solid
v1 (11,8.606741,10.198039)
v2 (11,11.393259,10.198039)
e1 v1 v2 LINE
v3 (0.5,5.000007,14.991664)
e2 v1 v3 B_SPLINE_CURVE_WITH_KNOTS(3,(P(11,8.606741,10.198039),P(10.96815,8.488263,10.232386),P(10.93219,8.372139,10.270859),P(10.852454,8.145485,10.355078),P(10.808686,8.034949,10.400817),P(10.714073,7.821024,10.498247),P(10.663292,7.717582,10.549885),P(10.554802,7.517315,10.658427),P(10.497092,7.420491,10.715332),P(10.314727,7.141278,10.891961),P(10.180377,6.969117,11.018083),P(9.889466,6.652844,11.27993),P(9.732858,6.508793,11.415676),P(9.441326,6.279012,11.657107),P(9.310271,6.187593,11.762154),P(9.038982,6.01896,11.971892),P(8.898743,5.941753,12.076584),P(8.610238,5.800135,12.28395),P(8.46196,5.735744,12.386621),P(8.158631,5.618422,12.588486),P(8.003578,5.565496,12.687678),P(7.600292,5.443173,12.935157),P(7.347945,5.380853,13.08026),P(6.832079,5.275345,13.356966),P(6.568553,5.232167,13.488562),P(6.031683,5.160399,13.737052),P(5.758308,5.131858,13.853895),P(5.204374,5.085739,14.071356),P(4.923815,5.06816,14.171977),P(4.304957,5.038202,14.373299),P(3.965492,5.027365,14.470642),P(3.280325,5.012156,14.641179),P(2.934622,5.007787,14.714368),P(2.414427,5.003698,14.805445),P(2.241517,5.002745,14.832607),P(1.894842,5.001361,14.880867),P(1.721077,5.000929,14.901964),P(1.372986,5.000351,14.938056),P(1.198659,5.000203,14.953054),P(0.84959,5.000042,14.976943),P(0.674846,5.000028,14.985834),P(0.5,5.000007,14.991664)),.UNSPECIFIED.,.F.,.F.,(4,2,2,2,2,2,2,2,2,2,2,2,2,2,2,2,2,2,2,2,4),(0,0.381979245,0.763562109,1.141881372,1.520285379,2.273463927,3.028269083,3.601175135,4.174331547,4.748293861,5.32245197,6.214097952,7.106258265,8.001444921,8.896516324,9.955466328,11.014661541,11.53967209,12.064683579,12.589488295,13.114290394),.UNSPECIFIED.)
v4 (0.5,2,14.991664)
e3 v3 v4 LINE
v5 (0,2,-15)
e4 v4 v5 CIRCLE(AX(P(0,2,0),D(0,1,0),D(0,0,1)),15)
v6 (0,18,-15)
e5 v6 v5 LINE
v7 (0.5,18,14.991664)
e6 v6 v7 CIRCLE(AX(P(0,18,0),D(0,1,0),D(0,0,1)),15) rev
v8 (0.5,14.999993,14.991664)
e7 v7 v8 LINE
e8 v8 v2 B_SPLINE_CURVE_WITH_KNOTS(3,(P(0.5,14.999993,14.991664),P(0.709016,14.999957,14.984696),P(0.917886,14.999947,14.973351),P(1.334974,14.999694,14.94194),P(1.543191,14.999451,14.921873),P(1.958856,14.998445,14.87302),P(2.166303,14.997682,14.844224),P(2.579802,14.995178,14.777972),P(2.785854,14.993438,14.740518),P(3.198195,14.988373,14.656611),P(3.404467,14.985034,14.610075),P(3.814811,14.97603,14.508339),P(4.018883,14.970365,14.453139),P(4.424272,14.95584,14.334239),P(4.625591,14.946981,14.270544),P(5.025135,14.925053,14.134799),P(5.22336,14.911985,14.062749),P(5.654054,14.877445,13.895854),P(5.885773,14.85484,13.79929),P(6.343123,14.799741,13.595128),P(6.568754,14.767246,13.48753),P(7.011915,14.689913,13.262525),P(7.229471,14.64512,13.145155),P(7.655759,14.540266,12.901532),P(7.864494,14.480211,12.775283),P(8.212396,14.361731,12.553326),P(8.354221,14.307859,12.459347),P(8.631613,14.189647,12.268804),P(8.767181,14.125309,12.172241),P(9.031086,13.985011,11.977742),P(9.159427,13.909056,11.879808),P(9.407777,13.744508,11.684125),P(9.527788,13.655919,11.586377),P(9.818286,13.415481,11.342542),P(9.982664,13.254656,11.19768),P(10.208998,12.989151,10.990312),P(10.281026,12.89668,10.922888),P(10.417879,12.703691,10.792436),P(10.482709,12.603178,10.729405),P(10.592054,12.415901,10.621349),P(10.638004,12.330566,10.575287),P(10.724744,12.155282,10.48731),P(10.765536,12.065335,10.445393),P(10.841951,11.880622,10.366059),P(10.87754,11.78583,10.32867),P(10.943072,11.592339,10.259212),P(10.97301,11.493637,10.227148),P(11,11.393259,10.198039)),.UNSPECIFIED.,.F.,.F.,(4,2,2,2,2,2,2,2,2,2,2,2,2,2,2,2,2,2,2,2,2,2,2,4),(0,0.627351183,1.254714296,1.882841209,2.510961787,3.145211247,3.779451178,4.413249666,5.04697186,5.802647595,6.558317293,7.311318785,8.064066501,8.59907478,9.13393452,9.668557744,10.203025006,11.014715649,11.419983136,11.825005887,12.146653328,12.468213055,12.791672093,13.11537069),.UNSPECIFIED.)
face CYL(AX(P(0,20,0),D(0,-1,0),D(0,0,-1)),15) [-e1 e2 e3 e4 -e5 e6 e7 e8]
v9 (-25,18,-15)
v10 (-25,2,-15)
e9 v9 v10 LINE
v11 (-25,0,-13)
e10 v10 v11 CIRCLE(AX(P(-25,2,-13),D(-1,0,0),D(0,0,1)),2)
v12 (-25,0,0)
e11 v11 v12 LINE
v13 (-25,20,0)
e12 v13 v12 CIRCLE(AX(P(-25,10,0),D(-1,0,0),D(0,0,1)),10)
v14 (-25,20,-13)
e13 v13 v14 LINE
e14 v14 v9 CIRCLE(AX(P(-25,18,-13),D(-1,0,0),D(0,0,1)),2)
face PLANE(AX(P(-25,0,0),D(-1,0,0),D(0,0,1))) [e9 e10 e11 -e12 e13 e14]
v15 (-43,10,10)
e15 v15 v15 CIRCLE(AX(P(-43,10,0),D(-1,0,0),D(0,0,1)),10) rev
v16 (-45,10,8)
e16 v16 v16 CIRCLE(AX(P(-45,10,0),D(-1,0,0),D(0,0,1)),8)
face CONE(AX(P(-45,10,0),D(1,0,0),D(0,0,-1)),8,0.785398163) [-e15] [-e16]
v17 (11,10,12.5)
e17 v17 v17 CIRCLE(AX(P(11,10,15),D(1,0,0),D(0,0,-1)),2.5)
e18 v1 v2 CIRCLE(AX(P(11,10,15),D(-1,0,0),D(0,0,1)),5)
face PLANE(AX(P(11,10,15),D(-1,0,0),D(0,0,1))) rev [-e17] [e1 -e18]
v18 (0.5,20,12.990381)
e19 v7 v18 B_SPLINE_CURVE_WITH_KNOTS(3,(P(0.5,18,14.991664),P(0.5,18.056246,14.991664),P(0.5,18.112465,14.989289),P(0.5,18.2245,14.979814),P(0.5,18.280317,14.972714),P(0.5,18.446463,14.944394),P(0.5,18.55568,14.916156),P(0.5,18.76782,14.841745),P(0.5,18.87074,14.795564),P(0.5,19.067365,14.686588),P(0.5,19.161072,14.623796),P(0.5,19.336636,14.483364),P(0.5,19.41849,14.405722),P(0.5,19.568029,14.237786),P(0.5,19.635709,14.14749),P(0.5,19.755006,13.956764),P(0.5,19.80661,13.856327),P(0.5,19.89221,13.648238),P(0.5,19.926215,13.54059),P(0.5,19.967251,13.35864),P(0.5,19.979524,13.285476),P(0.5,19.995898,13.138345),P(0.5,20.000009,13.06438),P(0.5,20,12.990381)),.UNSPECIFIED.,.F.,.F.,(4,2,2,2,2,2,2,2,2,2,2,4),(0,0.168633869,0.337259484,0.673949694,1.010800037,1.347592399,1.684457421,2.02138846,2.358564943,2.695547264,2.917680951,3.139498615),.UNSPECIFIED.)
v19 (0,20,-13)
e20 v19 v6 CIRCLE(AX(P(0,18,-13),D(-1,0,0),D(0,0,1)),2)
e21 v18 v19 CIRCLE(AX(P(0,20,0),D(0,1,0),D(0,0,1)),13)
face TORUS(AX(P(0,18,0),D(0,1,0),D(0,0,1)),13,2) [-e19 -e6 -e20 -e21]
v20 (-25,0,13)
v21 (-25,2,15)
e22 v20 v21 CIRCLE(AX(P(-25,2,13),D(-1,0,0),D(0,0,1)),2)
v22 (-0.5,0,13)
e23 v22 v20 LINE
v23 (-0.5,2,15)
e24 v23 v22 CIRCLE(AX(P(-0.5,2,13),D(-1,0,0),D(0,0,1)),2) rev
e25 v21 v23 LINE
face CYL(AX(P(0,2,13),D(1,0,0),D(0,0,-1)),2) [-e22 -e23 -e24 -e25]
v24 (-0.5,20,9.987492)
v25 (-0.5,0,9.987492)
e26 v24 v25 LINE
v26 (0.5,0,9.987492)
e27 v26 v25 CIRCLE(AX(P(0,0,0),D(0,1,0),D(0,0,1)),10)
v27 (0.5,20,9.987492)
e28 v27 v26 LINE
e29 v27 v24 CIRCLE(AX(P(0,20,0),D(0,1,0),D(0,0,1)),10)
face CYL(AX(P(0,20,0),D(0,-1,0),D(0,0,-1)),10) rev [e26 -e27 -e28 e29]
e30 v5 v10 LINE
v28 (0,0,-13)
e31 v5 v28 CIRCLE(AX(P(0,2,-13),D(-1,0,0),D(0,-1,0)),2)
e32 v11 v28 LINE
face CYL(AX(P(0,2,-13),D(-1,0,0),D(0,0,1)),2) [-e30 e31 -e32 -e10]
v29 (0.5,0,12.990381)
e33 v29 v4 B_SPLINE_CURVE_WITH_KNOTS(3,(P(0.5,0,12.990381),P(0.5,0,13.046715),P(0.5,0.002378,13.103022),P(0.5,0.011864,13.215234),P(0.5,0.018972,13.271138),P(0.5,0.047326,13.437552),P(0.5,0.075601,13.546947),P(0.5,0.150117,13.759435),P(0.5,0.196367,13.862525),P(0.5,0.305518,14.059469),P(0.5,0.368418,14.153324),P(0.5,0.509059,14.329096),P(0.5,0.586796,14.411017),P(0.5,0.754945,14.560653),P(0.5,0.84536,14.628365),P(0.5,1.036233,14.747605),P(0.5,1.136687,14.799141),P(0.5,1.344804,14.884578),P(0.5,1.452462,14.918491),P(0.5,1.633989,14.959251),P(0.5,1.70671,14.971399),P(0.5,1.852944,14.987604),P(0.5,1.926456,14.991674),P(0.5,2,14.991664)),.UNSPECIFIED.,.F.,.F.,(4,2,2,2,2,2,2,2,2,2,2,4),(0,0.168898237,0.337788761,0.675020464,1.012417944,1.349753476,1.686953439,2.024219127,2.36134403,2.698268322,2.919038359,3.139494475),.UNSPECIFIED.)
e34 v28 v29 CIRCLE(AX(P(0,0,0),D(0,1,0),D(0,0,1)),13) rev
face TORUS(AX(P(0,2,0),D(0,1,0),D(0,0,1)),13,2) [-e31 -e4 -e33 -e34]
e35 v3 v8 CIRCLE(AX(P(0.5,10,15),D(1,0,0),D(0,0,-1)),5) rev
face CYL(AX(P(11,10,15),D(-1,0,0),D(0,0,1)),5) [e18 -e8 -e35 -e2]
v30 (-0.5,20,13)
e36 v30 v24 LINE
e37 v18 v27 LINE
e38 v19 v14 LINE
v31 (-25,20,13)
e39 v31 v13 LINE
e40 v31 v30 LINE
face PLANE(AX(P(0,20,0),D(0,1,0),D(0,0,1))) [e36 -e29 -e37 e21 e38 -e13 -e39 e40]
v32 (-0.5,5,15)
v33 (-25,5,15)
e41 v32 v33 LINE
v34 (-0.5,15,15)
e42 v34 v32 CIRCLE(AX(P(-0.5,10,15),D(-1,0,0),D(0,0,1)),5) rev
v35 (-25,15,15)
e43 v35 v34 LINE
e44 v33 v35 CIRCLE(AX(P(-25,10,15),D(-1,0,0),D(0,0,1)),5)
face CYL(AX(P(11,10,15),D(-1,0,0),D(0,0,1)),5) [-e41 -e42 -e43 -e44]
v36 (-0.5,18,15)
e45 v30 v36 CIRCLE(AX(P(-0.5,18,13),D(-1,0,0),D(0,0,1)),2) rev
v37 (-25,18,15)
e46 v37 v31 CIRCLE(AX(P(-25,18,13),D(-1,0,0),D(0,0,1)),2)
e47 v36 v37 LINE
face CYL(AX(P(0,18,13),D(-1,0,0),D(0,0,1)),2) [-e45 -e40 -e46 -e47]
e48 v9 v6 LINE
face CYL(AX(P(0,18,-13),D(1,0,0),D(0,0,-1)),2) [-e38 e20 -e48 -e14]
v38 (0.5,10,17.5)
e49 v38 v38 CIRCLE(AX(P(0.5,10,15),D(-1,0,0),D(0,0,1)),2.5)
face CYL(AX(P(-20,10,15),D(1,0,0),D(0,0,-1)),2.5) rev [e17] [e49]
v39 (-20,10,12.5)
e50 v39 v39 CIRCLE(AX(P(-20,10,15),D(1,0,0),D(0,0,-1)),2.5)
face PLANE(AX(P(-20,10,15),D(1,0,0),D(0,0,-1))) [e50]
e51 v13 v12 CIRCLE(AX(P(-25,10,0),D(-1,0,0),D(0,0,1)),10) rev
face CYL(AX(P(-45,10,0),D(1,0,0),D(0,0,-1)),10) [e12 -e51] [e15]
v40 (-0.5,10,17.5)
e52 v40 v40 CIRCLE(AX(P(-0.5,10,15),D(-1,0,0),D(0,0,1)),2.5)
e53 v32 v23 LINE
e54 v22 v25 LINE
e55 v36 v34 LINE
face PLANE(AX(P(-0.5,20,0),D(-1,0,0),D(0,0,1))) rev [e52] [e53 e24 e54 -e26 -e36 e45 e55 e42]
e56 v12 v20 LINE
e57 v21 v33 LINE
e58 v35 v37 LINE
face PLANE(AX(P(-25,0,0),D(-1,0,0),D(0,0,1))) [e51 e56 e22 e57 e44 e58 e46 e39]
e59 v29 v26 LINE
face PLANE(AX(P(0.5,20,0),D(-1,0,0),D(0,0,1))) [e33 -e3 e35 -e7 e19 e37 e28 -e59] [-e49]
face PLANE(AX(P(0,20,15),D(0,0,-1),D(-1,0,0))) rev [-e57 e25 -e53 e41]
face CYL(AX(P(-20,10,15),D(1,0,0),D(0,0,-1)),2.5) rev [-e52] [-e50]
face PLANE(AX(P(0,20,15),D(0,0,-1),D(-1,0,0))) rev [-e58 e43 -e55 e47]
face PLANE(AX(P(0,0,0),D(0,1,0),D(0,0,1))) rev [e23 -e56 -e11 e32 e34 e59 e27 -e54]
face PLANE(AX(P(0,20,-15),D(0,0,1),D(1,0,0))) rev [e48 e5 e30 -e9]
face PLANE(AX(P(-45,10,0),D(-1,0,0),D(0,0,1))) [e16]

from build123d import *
from build123d.topology import SkipClean

# Parameters (mm, degrees)
BOSS_EXTRUDE1_DEPTH = 20
SKETCH2_R           = 5
BOSS_EXTRUDE2_DEPTH = 41
CUT_EXTRUDE1_DEPTH  = 41
SKETCH4_R           = 2.5
CUT_EXTRUDE2_DEPTH  = 31
FILLET1_R           = 2
SKETCH5_R           = 10
BOSS_EXTRUDE3_DEPTH = 15
CUT_EXTRUDE3_DEPTH  = 5
CHAMFER1_SIZE       = 2


with BuildPart() as part:
    # Sketch1 → Boss-Extrude1 (new body)
    with BuildSketch(Plane(origin=(0, 0, 0), x_dir=(1, 0, 0), z_dir=(0, 1, 0))):
        with BuildLine():
            ThreePointArc((0.5, -14.991664351), (14.997915943, 0.250034739), (0, 15))
            Line((0, 15), (-30, 15))
            Line((-30, 15), (-30, -15))
            Line((-30, -15), (-0.5, -15))
            Line((-0.5, -15), (-0.5, -9.987492178))
            ThreePointArc((-0.5, -9.987492178), (0, 10), (0.5, -9.987492178))
            Line((0.5, -9.987492178), (0.5, -14.991664351))
        make_face()
    extrude(amount=BOSS_EXTRUDE1_DEPTH)

    # Sketch2 → Boss-Extrude2 (add)
    with BuildSketch(Plane.ZY.offset(30)):
        with Locations(Location((15, 10, 0), (0, 0, 270))):
            Circle(SKETCH2_R)
    extrude(amount=-BOSS_EXTRUDE2_DEPTH)

    # Sketch3 → Cut-Extrude1 (cut)
    with BuildSketch(Plane(origin=(0, 20, 0), x_dir=(1, 0, 0), z_dir=(0, 1, 0))):
        Polygon((-0.5, -15), (-0.5, -9.987492178), (0.5, -9.987492178), (0.5, -14.991664351), (0.5, -20), (-0.5, -20), align=None)
    extrude(amount=-CUT_EXTRUDE1_DEPTH, mode=Mode.SUBTRACT)

    # Sketch4 → Cut-Extrude2 (cut)
    with BuildSketch(Plane(origin=(11, 0, 0), x_dir=(0, 0, -1), z_dir=(1, 0, 0))):
        with Locations((-15, 10)):
            Circle(SKETCH4_R)
    extrude(amount=-CUT_EXTRUDE2_DEPTH, mode=Mode.SUBTRACT)

    # Fillet1
    fillet1_edges = [part.edges().sort_by_distance(p)[0] for p in [
        (-15, 0, -15),
        (14.997915943, 0, -0.250034739),
        (-15, 20, -15),
        (-15.25, 20, 15),
        (14.997915943, 20, -0.250034739),
        (-15.25, 0, 15),
    ]]
    fillet(fillet1_edges, radius=FILLET1_R)

    # Sketch5 → Boss-Extrude3 (add)
    with BuildSketch(Plane.ZY.offset(30)):
        with Locations(Location((0, 10, 0), (0, 0, 270))):
            Circle(SKETCH5_R)
    extrude(amount=BOSS_EXTRUDE3_DEPTH)

    # Sketch6 → Cut-Extrude3 (cut)
    with SkipClean():  # the faces are left unmerged after this step: merging them gives an invalid solid
        with BuildSketch(Plane.ZY.offset(30)):
            with BuildLine():
                ThreePointArc((0, 0), (-10, 10), (0, 20))
                Line((0, 20), (-13, 20))
                ThreePointArc((-13, 20), (-14.414213562, 19.414213562), (-15, 18))
                Line((-15, 18), (-15, 2))
                ThreePointArc((-15, 2), (-14.414213562, 0.585786438), (-13, 0))
                Line((-13, 0), (0, 0))
            make_face()
            with BuildLine():
                Line((13, 20), (0, 20))
                ThreePointArc((0, 20), (10, 10), (0, 0))
                Line((0, 0), (13, 0))
                ThreePointArc((13, 0), (14.414213562, 0.585786438), (15, 2))
                Line((15, 2), (15, 5))
                ThreePointArc((15, 5), (20, 10), (15, 15))
                Line((15, 15), (15, 18))
                ThreePointArc((15, 18), (14.414213562, 19.414213562), (13, 20))
            make_face()
        extrude(amount=-CUT_EXTRUDE3_DEPTH, mode=Mode.SUBTRACT)

    # Chamfer1
    chamfer1_edges = [part.edges().sort_by_distance(p)[0] for p in [
        (-45, 20, 0),
    ]]
    chamfer(chamfer1_edges, length=CHAMFER1_SIZE)


solid = part.part
